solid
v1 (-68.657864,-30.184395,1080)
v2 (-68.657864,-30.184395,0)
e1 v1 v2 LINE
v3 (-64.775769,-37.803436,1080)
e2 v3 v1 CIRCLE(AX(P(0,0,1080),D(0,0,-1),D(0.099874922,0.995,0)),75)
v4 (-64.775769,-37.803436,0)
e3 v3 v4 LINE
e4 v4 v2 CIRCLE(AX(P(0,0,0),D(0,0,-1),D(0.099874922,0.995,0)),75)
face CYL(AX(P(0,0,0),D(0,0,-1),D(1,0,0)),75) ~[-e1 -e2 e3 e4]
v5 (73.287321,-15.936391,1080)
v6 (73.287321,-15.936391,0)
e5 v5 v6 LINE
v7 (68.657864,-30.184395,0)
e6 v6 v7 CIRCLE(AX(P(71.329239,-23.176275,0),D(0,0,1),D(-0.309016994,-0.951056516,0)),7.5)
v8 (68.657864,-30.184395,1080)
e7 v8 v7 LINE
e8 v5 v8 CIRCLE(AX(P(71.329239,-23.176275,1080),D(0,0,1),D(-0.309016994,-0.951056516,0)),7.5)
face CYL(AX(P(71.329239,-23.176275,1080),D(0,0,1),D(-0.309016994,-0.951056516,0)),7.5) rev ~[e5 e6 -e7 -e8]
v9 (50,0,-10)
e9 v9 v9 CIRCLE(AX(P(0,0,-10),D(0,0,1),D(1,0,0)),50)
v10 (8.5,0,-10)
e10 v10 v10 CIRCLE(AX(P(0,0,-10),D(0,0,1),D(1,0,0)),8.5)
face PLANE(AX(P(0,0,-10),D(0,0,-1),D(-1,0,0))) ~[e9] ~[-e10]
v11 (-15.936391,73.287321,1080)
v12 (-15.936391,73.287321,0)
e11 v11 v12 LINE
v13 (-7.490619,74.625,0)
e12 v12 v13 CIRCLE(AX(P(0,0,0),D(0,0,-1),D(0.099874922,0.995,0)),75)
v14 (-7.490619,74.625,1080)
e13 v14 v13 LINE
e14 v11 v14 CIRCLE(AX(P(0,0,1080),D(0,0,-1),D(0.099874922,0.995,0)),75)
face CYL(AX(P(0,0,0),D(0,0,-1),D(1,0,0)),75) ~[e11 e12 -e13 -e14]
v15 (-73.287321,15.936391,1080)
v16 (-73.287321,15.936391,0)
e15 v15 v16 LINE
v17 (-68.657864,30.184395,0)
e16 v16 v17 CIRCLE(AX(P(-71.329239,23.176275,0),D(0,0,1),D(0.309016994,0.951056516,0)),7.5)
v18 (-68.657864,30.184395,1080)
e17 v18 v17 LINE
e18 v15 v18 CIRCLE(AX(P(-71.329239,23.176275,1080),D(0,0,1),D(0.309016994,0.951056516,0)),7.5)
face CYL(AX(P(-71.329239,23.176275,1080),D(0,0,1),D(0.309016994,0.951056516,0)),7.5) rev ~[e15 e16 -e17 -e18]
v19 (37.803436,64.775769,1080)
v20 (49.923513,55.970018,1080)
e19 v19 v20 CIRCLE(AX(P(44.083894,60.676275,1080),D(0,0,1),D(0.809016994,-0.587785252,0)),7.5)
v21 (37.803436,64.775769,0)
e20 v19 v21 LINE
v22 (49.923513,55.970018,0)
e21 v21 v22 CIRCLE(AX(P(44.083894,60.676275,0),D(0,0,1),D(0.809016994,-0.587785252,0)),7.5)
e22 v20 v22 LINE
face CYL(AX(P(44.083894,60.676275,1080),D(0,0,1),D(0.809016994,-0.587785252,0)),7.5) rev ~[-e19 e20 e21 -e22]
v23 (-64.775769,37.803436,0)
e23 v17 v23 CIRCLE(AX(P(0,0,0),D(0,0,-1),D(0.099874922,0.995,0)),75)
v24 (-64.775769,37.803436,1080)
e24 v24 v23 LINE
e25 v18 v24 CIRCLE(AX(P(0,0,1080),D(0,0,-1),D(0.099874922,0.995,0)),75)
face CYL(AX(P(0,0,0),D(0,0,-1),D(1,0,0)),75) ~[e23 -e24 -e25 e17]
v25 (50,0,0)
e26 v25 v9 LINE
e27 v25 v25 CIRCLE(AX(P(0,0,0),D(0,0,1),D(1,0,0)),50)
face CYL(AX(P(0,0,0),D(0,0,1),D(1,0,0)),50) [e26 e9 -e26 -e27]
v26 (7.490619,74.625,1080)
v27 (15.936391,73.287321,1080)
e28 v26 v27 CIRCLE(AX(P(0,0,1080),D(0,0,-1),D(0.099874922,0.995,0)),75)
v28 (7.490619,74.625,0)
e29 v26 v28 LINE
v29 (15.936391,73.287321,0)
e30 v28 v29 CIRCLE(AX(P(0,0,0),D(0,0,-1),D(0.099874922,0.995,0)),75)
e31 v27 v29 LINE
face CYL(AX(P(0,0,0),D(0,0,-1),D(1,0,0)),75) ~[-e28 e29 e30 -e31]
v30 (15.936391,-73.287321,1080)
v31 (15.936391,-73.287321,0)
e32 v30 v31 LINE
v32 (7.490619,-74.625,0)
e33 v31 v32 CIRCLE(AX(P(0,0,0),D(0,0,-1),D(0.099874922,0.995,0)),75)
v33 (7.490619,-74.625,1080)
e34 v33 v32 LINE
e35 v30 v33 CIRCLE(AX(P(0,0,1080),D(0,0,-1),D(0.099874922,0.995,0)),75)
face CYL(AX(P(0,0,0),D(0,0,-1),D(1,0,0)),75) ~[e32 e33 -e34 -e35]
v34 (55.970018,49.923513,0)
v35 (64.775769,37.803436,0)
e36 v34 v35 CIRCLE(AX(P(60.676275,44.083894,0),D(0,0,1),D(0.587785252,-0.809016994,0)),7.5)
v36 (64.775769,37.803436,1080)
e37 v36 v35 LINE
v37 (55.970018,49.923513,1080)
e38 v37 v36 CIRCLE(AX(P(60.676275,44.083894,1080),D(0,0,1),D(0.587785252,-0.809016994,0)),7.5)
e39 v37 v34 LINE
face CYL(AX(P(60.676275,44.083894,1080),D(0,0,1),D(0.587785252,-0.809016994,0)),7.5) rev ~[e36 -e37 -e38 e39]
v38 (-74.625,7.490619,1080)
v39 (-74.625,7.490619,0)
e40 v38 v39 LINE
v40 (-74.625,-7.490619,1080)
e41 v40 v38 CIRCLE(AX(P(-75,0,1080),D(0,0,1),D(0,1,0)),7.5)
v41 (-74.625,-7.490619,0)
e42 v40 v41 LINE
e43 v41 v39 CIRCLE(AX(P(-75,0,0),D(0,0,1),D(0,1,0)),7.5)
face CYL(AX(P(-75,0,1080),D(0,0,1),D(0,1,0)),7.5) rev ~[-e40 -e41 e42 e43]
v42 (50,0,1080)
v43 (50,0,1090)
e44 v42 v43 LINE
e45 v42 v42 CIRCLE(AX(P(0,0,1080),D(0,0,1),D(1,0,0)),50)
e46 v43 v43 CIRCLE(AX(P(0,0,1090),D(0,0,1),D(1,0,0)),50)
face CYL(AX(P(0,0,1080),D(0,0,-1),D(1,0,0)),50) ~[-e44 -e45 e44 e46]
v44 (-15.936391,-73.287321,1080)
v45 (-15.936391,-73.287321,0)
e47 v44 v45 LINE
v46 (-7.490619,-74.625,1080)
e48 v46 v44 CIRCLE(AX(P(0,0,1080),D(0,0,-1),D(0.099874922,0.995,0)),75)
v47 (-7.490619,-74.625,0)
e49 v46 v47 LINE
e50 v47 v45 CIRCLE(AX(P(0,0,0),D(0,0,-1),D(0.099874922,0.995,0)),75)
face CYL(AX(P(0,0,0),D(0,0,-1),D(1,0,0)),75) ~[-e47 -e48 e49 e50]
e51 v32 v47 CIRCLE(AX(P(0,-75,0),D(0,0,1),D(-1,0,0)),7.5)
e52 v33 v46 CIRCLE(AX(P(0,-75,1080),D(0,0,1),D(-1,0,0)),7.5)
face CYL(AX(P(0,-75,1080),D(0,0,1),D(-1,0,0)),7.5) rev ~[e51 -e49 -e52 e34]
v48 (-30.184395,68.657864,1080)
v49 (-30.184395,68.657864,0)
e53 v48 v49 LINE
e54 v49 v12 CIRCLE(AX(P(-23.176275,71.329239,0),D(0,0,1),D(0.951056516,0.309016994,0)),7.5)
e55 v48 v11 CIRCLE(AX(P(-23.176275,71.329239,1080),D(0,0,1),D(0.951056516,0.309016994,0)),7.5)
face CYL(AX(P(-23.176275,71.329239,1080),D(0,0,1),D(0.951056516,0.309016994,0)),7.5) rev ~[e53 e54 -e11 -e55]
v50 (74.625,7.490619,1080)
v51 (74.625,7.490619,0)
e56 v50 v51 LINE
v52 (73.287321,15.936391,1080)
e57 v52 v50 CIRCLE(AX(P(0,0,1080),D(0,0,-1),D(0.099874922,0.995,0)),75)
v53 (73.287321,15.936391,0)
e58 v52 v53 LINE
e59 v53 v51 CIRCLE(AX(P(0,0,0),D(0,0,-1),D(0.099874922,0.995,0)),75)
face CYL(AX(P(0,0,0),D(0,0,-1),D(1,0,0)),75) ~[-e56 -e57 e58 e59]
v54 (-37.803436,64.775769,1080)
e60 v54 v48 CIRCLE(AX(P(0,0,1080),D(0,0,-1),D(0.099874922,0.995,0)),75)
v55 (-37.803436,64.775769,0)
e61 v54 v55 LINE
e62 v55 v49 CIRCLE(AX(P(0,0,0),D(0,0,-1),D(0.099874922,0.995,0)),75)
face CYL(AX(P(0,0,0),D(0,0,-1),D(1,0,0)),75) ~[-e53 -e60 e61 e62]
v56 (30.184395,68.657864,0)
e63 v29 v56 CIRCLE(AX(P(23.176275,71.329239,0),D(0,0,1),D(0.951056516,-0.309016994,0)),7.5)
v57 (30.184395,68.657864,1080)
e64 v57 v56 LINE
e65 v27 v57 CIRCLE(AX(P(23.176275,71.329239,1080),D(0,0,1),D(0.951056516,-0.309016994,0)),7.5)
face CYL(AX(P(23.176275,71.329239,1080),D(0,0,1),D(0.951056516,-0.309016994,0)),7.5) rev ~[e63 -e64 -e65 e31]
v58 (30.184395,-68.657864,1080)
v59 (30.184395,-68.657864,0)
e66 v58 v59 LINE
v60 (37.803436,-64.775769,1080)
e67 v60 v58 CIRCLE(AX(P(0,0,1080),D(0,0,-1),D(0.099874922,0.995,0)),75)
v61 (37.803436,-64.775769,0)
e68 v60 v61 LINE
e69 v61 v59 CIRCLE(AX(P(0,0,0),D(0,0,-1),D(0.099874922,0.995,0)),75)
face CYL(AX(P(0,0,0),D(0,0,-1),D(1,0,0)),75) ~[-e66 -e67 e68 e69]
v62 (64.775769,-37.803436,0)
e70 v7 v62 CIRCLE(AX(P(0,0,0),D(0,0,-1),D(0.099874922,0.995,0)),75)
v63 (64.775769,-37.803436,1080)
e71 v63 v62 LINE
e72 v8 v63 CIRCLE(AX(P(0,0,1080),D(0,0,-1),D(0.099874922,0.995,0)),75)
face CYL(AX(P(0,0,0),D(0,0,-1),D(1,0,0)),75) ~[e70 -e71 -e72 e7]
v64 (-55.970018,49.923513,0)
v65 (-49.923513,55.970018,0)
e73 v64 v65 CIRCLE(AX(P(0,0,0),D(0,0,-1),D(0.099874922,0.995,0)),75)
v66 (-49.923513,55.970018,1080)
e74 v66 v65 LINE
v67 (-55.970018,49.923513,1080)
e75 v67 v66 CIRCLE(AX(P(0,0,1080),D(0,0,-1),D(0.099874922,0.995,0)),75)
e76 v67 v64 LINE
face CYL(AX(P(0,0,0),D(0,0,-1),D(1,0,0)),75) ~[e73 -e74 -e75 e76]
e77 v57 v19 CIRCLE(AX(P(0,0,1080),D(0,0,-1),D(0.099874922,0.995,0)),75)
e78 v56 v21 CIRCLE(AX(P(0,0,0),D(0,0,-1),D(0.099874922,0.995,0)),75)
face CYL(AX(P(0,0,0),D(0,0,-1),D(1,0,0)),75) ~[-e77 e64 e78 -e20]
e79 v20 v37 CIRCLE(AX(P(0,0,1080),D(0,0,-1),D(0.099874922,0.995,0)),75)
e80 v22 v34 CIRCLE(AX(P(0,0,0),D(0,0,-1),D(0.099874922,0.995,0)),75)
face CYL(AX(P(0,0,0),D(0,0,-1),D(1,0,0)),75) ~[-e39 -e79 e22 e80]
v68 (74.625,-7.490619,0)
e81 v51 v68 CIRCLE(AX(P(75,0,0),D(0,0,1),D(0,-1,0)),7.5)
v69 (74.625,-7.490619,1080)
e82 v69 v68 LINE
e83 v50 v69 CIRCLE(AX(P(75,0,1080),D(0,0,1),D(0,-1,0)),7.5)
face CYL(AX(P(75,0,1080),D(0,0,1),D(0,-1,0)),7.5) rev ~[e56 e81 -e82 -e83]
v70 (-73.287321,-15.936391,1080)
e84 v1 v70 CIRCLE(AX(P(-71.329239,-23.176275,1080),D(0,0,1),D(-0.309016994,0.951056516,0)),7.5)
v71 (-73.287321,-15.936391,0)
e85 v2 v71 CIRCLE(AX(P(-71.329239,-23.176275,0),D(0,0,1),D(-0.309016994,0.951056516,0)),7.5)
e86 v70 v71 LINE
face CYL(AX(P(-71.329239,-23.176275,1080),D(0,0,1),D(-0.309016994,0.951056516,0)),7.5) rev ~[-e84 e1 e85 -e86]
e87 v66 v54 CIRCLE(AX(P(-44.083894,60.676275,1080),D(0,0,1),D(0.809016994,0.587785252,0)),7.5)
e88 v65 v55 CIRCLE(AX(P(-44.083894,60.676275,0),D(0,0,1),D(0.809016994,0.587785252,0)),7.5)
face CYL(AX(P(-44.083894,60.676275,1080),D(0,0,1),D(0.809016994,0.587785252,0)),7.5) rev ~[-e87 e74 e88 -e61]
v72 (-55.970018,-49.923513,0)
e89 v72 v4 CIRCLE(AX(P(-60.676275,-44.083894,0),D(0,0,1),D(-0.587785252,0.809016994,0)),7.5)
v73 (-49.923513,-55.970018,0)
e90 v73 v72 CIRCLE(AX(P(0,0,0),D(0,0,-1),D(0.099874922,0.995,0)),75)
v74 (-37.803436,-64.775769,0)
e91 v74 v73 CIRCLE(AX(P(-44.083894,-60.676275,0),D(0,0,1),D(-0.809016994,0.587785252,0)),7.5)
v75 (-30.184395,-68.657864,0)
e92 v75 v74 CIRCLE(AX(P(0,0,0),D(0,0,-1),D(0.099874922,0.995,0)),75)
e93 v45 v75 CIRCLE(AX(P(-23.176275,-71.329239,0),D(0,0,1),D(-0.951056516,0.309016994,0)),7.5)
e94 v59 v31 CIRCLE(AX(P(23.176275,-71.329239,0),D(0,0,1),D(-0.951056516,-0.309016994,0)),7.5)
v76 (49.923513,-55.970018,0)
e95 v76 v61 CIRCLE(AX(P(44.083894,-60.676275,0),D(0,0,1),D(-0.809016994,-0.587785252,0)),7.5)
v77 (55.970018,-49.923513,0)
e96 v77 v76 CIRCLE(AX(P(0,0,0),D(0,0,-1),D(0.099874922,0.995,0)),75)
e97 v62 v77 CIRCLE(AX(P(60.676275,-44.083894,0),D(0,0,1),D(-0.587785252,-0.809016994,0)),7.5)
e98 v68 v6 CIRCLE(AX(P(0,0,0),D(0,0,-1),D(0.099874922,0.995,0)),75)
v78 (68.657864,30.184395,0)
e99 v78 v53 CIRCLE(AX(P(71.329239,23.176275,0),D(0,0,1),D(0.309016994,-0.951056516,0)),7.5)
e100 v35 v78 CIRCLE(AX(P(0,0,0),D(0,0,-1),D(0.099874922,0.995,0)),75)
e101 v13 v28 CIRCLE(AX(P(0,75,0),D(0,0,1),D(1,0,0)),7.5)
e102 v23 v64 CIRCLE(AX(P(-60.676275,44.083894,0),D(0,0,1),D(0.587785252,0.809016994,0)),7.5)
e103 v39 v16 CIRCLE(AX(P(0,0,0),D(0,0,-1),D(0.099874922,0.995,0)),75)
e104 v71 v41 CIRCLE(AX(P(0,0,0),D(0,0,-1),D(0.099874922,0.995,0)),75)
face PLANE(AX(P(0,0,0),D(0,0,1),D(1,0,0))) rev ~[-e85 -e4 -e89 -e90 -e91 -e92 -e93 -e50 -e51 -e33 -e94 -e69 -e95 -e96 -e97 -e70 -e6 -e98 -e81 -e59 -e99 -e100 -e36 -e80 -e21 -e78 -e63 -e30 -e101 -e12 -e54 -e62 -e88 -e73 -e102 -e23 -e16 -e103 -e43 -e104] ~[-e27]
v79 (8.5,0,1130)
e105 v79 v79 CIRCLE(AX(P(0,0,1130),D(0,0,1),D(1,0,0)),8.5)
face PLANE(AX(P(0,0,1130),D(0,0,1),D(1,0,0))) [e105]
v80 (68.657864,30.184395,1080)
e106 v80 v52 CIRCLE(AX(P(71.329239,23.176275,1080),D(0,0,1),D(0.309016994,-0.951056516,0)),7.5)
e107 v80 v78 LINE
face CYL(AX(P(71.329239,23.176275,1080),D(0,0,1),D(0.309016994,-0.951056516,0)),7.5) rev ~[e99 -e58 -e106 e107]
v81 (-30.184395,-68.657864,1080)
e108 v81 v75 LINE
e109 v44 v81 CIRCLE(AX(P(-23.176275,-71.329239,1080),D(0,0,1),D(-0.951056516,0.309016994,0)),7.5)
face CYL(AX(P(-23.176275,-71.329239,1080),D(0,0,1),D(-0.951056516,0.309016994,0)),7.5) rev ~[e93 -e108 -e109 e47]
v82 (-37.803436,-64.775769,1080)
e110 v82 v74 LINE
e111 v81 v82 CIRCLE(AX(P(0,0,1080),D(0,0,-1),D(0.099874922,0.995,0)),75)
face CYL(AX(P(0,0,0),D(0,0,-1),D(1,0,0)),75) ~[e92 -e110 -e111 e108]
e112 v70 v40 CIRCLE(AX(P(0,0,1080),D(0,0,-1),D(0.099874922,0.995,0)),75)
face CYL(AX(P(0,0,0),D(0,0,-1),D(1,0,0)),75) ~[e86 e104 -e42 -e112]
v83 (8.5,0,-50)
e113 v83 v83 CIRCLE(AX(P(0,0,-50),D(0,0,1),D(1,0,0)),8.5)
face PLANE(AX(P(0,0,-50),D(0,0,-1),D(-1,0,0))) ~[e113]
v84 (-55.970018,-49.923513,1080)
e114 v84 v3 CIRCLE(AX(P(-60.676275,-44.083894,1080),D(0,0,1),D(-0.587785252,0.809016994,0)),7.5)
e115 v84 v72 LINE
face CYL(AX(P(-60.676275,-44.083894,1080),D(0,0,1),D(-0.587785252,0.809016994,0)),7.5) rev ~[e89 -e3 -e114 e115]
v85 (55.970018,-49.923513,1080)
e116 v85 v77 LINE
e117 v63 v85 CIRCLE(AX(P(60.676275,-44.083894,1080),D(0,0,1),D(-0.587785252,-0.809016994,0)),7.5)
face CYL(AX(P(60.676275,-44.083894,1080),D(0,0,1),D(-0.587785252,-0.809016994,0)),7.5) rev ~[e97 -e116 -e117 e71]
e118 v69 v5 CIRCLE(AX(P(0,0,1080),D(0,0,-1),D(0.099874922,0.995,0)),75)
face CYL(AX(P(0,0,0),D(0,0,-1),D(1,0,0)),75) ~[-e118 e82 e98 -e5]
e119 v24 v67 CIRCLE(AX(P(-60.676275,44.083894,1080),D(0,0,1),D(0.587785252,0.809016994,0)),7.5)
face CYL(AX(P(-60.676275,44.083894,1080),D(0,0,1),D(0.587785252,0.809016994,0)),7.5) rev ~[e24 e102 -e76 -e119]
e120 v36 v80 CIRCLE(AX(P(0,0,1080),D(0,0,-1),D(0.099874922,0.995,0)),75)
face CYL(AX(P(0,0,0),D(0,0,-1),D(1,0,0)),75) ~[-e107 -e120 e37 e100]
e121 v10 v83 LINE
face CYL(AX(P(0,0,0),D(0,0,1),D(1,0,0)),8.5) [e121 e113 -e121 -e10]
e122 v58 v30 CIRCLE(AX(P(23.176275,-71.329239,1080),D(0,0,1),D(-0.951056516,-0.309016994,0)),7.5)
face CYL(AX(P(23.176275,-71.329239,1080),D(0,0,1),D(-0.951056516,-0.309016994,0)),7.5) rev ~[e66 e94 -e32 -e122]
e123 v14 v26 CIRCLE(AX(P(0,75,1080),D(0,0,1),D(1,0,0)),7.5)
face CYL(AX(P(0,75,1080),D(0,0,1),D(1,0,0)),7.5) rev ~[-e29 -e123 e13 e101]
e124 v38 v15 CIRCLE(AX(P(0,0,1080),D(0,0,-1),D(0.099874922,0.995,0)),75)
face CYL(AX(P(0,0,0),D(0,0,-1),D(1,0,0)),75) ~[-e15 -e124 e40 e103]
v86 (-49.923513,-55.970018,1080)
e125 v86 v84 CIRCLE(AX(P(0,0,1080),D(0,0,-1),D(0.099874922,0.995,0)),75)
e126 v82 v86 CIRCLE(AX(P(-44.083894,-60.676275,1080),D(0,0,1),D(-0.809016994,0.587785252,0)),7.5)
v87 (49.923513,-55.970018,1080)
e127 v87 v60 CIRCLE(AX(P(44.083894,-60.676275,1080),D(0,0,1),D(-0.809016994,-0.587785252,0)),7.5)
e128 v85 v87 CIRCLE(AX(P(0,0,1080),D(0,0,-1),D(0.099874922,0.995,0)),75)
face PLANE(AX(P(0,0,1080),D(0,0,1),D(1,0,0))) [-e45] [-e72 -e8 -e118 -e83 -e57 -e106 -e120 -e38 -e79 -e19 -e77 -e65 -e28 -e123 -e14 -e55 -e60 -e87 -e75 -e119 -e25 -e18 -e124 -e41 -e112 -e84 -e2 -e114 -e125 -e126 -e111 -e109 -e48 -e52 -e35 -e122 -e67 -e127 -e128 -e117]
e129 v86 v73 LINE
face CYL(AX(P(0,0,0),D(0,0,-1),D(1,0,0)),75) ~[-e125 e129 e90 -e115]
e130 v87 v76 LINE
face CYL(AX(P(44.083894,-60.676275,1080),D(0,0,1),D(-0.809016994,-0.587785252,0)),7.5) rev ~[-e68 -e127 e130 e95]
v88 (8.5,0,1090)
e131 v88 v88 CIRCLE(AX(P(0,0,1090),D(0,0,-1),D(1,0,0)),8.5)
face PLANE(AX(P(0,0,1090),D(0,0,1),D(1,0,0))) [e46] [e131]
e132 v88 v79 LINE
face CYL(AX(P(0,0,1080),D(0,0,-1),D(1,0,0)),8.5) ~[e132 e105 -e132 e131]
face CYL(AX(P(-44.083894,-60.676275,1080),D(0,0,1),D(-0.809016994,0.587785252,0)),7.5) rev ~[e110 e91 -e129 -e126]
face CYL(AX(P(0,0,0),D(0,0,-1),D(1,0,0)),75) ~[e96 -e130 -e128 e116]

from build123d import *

# Parameters (mm, degrees)
IZIM1_R                     = 75
Y_KSEKLIK_EKSTR_ZYON1_DEPTH = 1080
IZIM2_R                     = 8.5
Y_KSEKLIK_EKSTR_ZYON2_DEPTH = 50
IZIM3_R                     = 50
Y_KSEKLIK_EKSTR_ZYON3_DEPTH = 10
IZIM4_R                     = 7.5
KES_EKSTR_ZYON1_DEPTH       = 1135.966959872
DAIRESEL_KAPLAMA1_COUNT     = 20


with BuildPart() as part:
    # Çizim1 → Yükseklik-Ekstrüzyon1 (new body)
    with BuildSketch(Plane.XY):
        Circle(IZIM1_R)
    extrude(amount=Y_KSEKLIK_EKSTR_ZYON1_DEPTH)

    # Çizim2 → Yükseklik-Ekstrüzyon2 (add)
    with BuildSketch(Plane.XY.offset(1080)):
        Circle(IZIM2_R)
    y_kseklik_ekstr_zyon2 = extrude(amount=Y_KSEKLIK_EKSTR_ZYON2_DEPTH)

    # Aynalama1: Yükseklik-Ekstrüzyon2 across plane
    add(y_kseklik_ekstr_zyon2.mirror(Plane.XY.offset(540)))

    # Çizim3 → Yükseklik-Ekstrüzyon3 (add)
    with BuildSketch(Plane.XY.offset(1080)):
        Circle(IZIM3_R)
    y_kseklik_ekstr_zyon3 = extrude(amount=Y_KSEKLIK_EKSTR_ZYON3_DEPTH)

    # Aynalama2: Yükseklik-Ekstrüzyon3 across plane
    add(y_kseklik_ekstr_zyon3.mirror(Plane.XY.offset(540)))

    # Çizim4 → Kes-Ekstrüzyon1 (cut, through all)
    with BuildSketch(Plane.XY.offset(1080)):
        with Locations((0, 75)):
            Circle(IZIM4_R)
    kes_ekstr_zyon1 = extrude(amount=-KES_EKSTR_ZYON1_DEPTH, mode=Mode.SUBTRACT)

    # Dairesel Kaplama1: Kes-Ekstrüzyon1 ×20 about axis
    dairesel_kaplama1_axis = Axis((0, 0, 1080), (0, 0, -1))
    for i in range(1, DAIRESEL_KAPLAMA1_COUNT):
        add(kes_ekstr_zyon1.rotate(dairesel_kaplama1_axis, i * 360 / DAIRESEL_KAPLAMA1_COUNT), mode=Mode.SUBTRACT)


solid = part.part
